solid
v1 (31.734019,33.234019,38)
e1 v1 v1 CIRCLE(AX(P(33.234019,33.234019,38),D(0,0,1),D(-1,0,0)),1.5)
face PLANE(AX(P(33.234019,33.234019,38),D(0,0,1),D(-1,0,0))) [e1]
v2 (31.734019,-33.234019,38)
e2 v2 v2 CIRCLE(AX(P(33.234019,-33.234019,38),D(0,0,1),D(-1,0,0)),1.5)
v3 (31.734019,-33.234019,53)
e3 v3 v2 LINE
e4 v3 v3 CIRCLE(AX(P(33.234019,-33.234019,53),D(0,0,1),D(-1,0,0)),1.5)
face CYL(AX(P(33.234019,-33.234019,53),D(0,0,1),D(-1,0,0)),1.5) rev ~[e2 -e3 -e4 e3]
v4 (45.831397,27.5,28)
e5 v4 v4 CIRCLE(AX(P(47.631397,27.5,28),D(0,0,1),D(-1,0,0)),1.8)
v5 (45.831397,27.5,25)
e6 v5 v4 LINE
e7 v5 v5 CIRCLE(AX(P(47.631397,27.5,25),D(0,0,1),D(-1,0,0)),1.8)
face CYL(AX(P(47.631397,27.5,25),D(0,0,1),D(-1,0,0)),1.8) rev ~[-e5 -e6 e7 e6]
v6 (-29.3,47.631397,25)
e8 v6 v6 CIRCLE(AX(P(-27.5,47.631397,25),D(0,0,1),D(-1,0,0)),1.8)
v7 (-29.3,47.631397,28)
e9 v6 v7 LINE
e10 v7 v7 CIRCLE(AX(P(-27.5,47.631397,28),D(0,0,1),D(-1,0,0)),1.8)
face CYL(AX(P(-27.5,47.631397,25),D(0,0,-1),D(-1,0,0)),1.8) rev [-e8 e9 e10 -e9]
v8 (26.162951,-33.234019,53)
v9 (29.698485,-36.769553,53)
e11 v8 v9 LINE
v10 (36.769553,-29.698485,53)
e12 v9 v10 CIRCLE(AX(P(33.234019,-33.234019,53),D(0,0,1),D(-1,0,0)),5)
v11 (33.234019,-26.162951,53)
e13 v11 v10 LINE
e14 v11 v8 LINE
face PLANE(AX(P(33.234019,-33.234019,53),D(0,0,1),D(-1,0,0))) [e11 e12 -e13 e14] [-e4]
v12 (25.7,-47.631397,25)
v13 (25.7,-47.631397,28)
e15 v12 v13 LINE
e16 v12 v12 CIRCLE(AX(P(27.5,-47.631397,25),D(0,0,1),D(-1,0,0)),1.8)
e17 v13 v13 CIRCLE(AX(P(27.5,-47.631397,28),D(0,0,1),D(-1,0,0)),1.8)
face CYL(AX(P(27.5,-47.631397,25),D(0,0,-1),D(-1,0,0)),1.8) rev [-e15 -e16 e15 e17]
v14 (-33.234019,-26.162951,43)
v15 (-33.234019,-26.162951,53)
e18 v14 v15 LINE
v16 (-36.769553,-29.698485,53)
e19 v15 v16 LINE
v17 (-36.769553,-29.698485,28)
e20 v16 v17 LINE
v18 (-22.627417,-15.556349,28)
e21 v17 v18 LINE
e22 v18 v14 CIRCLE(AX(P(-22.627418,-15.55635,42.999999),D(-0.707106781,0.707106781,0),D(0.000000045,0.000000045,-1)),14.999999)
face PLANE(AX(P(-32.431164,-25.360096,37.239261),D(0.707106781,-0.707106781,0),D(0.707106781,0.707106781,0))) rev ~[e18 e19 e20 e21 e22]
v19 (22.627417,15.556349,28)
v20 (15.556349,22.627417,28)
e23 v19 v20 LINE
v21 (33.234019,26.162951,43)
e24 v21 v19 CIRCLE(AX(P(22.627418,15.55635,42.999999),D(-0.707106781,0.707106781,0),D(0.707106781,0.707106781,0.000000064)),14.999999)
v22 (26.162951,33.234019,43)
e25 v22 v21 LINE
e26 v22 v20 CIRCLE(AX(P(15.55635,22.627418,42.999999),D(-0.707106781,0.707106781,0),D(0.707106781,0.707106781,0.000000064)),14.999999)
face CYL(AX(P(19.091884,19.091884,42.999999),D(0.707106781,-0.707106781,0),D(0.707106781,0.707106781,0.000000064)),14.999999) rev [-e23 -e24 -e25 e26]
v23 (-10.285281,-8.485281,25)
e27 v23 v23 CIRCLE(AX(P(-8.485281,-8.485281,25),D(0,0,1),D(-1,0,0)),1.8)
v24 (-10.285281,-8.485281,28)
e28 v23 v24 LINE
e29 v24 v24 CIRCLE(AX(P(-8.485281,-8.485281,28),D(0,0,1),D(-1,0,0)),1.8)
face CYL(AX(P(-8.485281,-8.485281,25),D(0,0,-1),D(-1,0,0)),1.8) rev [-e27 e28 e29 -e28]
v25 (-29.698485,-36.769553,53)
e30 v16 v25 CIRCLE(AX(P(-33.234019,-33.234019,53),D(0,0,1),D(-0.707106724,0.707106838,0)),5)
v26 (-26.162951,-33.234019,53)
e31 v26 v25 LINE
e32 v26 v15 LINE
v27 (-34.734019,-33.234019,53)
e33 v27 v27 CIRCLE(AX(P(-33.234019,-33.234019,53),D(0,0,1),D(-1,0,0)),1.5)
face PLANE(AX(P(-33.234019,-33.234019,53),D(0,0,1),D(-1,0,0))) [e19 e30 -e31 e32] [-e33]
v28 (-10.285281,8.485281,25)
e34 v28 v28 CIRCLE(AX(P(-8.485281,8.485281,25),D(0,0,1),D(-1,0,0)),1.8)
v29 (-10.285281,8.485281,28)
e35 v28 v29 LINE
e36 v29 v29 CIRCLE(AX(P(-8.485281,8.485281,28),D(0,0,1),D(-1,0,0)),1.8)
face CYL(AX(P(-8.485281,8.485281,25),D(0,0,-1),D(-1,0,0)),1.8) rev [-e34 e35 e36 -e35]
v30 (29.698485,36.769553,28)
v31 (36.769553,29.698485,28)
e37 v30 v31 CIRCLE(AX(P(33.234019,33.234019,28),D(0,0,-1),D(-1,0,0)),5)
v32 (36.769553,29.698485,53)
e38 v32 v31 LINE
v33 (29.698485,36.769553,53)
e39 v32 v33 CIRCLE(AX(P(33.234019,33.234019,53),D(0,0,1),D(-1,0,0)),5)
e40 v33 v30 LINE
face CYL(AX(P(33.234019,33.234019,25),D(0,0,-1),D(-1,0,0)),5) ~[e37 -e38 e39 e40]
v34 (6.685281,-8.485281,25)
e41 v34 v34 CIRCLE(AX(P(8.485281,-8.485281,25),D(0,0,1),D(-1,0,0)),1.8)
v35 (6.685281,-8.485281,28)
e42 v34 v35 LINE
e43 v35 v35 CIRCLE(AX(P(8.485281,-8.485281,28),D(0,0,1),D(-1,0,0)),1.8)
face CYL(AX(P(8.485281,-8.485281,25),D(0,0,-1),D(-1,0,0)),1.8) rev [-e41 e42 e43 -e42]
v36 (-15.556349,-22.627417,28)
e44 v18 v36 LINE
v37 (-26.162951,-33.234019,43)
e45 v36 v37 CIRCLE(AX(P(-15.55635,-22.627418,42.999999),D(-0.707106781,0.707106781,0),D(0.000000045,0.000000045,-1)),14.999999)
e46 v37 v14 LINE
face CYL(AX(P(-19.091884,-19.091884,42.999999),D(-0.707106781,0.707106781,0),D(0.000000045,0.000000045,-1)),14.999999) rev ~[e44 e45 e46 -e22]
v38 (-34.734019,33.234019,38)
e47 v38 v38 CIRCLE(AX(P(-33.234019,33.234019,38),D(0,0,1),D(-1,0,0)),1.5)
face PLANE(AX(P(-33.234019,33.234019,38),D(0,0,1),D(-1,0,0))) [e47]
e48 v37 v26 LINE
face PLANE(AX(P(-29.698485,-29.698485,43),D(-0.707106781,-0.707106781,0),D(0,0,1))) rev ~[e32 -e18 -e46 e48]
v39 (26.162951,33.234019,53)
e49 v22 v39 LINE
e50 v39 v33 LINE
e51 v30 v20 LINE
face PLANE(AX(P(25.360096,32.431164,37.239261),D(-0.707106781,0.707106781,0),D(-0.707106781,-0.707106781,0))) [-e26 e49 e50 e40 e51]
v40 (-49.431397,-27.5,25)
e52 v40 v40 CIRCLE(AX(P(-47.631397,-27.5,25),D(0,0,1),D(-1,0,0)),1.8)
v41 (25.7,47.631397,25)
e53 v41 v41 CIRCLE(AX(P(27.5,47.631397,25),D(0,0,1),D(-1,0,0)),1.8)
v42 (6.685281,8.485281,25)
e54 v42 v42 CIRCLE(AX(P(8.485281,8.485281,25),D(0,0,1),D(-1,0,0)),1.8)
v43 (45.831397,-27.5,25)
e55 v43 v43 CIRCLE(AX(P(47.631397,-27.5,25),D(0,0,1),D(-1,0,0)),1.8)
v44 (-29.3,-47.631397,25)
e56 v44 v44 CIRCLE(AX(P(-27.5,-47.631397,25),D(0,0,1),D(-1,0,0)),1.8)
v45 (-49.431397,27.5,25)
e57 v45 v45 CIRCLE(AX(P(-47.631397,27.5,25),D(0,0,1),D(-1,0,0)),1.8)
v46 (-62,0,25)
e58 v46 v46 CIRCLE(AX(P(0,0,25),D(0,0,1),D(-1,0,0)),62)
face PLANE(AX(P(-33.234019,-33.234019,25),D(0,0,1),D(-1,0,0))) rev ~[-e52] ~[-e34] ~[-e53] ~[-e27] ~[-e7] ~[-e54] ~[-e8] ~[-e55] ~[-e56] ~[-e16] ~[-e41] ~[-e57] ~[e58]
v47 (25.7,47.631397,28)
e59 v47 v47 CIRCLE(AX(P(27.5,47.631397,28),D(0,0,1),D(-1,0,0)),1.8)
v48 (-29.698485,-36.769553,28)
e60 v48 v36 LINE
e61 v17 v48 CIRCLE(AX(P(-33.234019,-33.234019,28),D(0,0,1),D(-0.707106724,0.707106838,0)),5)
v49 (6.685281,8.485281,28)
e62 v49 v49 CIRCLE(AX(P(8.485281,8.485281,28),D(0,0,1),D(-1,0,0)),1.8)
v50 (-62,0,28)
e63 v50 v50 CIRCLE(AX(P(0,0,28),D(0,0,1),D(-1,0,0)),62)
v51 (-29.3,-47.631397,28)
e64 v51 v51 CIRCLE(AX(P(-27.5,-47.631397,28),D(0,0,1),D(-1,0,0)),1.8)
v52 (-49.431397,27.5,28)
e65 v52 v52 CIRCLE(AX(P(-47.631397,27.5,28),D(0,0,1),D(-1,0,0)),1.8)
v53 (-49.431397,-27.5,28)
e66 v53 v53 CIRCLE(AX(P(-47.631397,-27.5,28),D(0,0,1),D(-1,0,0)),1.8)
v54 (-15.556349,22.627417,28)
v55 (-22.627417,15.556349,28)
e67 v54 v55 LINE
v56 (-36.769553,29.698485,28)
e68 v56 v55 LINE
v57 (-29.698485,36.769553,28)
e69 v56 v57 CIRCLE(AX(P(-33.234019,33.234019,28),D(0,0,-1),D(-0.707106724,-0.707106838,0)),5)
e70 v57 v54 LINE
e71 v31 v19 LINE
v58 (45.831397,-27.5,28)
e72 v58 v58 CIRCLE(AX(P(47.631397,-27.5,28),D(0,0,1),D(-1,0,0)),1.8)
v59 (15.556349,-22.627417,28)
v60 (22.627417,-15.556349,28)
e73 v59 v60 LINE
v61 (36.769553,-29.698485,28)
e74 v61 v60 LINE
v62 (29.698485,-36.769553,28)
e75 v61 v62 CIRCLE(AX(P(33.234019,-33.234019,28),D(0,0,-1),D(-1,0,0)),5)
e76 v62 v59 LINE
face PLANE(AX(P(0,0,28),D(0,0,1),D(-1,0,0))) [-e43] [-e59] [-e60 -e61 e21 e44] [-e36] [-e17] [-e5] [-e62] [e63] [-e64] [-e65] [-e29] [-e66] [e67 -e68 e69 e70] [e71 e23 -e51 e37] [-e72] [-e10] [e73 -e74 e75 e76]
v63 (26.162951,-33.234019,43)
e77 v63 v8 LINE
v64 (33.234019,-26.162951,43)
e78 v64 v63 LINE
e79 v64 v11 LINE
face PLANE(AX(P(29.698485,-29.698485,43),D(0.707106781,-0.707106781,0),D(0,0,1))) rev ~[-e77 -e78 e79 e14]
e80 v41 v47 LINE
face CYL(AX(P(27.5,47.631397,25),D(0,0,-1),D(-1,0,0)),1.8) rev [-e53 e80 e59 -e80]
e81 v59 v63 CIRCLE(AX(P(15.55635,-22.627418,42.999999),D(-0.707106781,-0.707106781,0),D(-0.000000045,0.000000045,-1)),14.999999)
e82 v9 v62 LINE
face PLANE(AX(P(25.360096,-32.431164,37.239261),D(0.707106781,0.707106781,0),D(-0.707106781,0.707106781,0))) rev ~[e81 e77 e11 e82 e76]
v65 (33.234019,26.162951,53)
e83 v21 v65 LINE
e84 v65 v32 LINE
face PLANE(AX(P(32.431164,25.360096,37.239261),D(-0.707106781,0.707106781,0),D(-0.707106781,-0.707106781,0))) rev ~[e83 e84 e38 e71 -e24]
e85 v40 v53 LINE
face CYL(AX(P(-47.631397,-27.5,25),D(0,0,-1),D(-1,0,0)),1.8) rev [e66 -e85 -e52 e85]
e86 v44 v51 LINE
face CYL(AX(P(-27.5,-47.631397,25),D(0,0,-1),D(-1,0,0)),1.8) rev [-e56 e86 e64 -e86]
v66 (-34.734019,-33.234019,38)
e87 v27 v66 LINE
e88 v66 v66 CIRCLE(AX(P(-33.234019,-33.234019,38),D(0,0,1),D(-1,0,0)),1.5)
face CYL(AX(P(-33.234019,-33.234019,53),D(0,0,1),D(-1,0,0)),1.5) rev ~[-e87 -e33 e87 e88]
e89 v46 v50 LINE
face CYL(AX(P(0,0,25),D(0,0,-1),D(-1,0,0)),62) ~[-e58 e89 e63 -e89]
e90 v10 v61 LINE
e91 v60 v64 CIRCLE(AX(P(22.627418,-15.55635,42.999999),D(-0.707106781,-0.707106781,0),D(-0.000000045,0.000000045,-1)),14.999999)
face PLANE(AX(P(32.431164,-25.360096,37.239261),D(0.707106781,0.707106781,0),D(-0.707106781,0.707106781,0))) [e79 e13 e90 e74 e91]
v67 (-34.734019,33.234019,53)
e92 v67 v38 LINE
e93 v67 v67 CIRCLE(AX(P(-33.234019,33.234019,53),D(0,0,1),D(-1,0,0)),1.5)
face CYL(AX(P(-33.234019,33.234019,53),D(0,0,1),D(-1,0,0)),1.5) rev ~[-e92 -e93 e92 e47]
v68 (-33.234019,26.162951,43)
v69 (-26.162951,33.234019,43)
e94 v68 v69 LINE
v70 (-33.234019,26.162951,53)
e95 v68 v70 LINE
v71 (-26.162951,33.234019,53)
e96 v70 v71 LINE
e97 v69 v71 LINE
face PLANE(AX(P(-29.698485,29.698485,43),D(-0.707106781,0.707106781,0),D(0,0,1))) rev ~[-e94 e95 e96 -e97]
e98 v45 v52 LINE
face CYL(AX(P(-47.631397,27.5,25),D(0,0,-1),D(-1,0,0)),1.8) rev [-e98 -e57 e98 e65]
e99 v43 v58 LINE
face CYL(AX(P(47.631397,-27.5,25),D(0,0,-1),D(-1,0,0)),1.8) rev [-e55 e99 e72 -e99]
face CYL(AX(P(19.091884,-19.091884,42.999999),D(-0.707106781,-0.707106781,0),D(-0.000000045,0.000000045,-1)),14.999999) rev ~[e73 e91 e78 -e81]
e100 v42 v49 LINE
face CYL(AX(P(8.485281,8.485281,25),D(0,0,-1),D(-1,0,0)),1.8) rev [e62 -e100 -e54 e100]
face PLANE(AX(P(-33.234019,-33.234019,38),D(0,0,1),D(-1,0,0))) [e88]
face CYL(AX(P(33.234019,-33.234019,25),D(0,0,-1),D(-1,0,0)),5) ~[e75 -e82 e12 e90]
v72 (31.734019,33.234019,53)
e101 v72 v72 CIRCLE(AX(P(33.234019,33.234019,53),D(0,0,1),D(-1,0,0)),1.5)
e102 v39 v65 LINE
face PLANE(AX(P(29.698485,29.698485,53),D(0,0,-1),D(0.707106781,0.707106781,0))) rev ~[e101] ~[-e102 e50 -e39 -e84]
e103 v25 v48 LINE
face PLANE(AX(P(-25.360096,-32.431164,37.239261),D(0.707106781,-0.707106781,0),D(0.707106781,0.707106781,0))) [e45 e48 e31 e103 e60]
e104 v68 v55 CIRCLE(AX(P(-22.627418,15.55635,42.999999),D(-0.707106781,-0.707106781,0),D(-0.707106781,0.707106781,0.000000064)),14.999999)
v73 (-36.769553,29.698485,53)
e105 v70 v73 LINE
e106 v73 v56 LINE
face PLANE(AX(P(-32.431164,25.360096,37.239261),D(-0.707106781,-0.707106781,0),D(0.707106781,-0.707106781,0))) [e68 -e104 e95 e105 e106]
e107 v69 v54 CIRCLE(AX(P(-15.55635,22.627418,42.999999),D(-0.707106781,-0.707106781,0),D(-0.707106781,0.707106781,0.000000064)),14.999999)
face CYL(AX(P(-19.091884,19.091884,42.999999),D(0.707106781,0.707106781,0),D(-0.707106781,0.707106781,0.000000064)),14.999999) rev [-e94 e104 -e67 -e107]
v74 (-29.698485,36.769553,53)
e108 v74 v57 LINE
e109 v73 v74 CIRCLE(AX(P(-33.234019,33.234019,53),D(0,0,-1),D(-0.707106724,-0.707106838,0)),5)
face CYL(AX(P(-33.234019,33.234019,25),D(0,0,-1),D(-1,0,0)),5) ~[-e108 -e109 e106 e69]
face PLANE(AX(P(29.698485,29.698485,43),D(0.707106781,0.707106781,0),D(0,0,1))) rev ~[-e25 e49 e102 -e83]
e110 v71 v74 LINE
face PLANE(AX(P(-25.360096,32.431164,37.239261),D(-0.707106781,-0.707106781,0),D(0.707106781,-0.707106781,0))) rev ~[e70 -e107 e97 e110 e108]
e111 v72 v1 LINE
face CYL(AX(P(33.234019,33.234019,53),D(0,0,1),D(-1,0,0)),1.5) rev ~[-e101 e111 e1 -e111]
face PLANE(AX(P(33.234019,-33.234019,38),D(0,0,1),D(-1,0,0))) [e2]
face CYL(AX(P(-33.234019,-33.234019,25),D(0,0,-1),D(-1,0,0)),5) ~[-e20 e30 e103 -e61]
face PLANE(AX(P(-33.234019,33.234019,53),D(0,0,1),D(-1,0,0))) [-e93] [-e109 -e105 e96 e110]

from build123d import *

# Parameters (mm, degrees)
SKETCH003_R             = 62
SKETCH003_R_2           = 1.8
PAD002_DEPTH            = 3
SKETCH005_R             = 5
PAD004_DEPTH            = 28
SKETCH011_R             = 1.8
POCKET004_DEPTH         = 3
PAD011_DEPTH            = 5
PAD012_DEPTH            = 5
SKETCH007_R             = 1.5
POCKET002_DEPTH         = 15
BODY001_PLACEMENT_ANGLE = 180


with BuildPart() as part:
    # Sketch003 → Pad002 (new body)
    with BuildSketch(Plane.XY):
        Circle(SKETCH003_R)
        with Locations((8.485281, 8.485281)):
            Circle(SKETCH003_R_2, mode=Mode.SUBTRACT)
        with Locations((-8.485281, 8.485281)):
            Circle(SKETCH003_R_2, mode=Mode.SUBTRACT)
        with Locations((-8.485281, -8.485281)):
            Circle(SKETCH003_R_2, mode=Mode.SUBTRACT)
        with Locations((8.485281, -8.485281)):
            Circle(SKETCH003_R_2, mode=Mode.SUBTRACT)
    extrude(amount=PAD002_DEPTH)

    # Sketch005 → Pad004 (join)
    with BuildSketch(Plane.XY):
        with Locations((33.234019, 33.234019)):
            Circle(SKETCH005_R)
        with Locations((-33.234019, 33.234019)):
            Circle(SKETCH005_R)
        with Locations((-33.234019, -33.234019)):
            Circle(SKETCH005_R)
        with Locations((33.234019, -33.234019)):
            Circle(SKETCH005_R)
    extrude(amount=PAD004_DEPTH)

    # Sketch011 → Pocket004 (cut, symmetric)
    with BuildSketch(Plane.XY):
        with Locations((27.5, 47.631397)):
            Circle(SKETCH011_R)
        with Locations((-47.631397, 27.5)):
            Circle(SKETCH011_R)
        with Locations((-27.5, -47.631397)):
            Circle(SKETCH011_R)
        with Locations((47.631397, -27.5)):
            Circle(SKETCH011_R)
        with Locations((-27.5, 47.631397)):
            Circle(SKETCH011_R)
        with Locations((47.631397, 27.5)):
            Circle(SKETCH011_R)
        with Locations((27.5, -47.631397)):
            Circle(SKETCH011_R)
        with Locations((-47.631397, -27.5)):
            Circle(SKETCH011_R)
    extrude(amount=POCKET004_DEPTH, both=True, mode=Mode.SUBTRACT)

    # Sketch018 → Pad011 (join, symmetric)
    with BuildSketch(Plane(origin=(0, 0, 0), x_dir=(-0.707107, 0.707107, 0), z_dir=(0.707107, 0.707107, 0))):
        with BuildLine():
            Line((-47, 28), (-47, 3))
            Line((-47, 3), (-27, 3))
            ThreePointArc((-42, 18), (-37.606602, 7.393398), (-27, 3))
            Line((-42, 18), (-42, 28))
            Line((-42, 28), (-47, 28))
        make_face()
        with BuildLine():
            Line((47, 28), (47, 3))
            Line((47, 3), (27, 3))
            ThreePointArc((27, 3), (37.606602, 7.393398), (42, 18))
            Line((42, 18), (42, 28))
            Line((42, 28), (47, 28))
        make_face()
    extrude(amount=PAD011_DEPTH, both=True)

    # Sketch019 → Pad012 (join, symmetric)
    with BuildSketch(Plane(origin=(0, 0, 0), x_dir=(0.707107, 0.707107, 0), z_dir=(0.707107, -0.707107, 0))):
        with BuildLine():
            Line((-47, 28), (-47, 3))
            Line((-47, 3), (-27, 3))
            ThreePointArc((-42, 18), (-37.606602, 7.393398), (-27, 3))
            Line((-42, 18), (-42, 28))
            Line((-42, 28), (-47, 28))
        make_face()
        with BuildLine():
            Line((47, 28), (47, 3))
            Line((47, 3), (27, 3))
            ThreePointArc((27, 3), (37.606602, 7.393398), (42, 18))
            Line((42, 18), (42, 28))
            Line((42, 28), (47, 28))
        make_face()
    extrude(amount=PAD012_DEPTH, both=True)

    # Sketch007 → Pocket002 (cut)
    with BuildSketch(Plane.XY.offset(28)):
        with Locations((33.234019, 33.234019)):
            Circle(SKETCH007_R)
        with Locations((-33.234019, 33.234019)):
            Circle(SKETCH007_R)
        with Locations((-33.234019, -33.234019)):
            Circle(SKETCH007_R)
        with Locations((33.234019, -33.234019)):
            Circle(SKETCH007_R)
    extrude(amount=-POCKET002_DEPTH, mode=Mode.SUBTRACT)


with BuildPart() as part_1:
    # Body001 placement: moved
    add(part.part.moved(Location((0, 0, 25))).rotate(Axis((0, 0, 25), (0, 0, -1)), BODY001_PLACEMENT_ANGLE))


solid = part_1.part
